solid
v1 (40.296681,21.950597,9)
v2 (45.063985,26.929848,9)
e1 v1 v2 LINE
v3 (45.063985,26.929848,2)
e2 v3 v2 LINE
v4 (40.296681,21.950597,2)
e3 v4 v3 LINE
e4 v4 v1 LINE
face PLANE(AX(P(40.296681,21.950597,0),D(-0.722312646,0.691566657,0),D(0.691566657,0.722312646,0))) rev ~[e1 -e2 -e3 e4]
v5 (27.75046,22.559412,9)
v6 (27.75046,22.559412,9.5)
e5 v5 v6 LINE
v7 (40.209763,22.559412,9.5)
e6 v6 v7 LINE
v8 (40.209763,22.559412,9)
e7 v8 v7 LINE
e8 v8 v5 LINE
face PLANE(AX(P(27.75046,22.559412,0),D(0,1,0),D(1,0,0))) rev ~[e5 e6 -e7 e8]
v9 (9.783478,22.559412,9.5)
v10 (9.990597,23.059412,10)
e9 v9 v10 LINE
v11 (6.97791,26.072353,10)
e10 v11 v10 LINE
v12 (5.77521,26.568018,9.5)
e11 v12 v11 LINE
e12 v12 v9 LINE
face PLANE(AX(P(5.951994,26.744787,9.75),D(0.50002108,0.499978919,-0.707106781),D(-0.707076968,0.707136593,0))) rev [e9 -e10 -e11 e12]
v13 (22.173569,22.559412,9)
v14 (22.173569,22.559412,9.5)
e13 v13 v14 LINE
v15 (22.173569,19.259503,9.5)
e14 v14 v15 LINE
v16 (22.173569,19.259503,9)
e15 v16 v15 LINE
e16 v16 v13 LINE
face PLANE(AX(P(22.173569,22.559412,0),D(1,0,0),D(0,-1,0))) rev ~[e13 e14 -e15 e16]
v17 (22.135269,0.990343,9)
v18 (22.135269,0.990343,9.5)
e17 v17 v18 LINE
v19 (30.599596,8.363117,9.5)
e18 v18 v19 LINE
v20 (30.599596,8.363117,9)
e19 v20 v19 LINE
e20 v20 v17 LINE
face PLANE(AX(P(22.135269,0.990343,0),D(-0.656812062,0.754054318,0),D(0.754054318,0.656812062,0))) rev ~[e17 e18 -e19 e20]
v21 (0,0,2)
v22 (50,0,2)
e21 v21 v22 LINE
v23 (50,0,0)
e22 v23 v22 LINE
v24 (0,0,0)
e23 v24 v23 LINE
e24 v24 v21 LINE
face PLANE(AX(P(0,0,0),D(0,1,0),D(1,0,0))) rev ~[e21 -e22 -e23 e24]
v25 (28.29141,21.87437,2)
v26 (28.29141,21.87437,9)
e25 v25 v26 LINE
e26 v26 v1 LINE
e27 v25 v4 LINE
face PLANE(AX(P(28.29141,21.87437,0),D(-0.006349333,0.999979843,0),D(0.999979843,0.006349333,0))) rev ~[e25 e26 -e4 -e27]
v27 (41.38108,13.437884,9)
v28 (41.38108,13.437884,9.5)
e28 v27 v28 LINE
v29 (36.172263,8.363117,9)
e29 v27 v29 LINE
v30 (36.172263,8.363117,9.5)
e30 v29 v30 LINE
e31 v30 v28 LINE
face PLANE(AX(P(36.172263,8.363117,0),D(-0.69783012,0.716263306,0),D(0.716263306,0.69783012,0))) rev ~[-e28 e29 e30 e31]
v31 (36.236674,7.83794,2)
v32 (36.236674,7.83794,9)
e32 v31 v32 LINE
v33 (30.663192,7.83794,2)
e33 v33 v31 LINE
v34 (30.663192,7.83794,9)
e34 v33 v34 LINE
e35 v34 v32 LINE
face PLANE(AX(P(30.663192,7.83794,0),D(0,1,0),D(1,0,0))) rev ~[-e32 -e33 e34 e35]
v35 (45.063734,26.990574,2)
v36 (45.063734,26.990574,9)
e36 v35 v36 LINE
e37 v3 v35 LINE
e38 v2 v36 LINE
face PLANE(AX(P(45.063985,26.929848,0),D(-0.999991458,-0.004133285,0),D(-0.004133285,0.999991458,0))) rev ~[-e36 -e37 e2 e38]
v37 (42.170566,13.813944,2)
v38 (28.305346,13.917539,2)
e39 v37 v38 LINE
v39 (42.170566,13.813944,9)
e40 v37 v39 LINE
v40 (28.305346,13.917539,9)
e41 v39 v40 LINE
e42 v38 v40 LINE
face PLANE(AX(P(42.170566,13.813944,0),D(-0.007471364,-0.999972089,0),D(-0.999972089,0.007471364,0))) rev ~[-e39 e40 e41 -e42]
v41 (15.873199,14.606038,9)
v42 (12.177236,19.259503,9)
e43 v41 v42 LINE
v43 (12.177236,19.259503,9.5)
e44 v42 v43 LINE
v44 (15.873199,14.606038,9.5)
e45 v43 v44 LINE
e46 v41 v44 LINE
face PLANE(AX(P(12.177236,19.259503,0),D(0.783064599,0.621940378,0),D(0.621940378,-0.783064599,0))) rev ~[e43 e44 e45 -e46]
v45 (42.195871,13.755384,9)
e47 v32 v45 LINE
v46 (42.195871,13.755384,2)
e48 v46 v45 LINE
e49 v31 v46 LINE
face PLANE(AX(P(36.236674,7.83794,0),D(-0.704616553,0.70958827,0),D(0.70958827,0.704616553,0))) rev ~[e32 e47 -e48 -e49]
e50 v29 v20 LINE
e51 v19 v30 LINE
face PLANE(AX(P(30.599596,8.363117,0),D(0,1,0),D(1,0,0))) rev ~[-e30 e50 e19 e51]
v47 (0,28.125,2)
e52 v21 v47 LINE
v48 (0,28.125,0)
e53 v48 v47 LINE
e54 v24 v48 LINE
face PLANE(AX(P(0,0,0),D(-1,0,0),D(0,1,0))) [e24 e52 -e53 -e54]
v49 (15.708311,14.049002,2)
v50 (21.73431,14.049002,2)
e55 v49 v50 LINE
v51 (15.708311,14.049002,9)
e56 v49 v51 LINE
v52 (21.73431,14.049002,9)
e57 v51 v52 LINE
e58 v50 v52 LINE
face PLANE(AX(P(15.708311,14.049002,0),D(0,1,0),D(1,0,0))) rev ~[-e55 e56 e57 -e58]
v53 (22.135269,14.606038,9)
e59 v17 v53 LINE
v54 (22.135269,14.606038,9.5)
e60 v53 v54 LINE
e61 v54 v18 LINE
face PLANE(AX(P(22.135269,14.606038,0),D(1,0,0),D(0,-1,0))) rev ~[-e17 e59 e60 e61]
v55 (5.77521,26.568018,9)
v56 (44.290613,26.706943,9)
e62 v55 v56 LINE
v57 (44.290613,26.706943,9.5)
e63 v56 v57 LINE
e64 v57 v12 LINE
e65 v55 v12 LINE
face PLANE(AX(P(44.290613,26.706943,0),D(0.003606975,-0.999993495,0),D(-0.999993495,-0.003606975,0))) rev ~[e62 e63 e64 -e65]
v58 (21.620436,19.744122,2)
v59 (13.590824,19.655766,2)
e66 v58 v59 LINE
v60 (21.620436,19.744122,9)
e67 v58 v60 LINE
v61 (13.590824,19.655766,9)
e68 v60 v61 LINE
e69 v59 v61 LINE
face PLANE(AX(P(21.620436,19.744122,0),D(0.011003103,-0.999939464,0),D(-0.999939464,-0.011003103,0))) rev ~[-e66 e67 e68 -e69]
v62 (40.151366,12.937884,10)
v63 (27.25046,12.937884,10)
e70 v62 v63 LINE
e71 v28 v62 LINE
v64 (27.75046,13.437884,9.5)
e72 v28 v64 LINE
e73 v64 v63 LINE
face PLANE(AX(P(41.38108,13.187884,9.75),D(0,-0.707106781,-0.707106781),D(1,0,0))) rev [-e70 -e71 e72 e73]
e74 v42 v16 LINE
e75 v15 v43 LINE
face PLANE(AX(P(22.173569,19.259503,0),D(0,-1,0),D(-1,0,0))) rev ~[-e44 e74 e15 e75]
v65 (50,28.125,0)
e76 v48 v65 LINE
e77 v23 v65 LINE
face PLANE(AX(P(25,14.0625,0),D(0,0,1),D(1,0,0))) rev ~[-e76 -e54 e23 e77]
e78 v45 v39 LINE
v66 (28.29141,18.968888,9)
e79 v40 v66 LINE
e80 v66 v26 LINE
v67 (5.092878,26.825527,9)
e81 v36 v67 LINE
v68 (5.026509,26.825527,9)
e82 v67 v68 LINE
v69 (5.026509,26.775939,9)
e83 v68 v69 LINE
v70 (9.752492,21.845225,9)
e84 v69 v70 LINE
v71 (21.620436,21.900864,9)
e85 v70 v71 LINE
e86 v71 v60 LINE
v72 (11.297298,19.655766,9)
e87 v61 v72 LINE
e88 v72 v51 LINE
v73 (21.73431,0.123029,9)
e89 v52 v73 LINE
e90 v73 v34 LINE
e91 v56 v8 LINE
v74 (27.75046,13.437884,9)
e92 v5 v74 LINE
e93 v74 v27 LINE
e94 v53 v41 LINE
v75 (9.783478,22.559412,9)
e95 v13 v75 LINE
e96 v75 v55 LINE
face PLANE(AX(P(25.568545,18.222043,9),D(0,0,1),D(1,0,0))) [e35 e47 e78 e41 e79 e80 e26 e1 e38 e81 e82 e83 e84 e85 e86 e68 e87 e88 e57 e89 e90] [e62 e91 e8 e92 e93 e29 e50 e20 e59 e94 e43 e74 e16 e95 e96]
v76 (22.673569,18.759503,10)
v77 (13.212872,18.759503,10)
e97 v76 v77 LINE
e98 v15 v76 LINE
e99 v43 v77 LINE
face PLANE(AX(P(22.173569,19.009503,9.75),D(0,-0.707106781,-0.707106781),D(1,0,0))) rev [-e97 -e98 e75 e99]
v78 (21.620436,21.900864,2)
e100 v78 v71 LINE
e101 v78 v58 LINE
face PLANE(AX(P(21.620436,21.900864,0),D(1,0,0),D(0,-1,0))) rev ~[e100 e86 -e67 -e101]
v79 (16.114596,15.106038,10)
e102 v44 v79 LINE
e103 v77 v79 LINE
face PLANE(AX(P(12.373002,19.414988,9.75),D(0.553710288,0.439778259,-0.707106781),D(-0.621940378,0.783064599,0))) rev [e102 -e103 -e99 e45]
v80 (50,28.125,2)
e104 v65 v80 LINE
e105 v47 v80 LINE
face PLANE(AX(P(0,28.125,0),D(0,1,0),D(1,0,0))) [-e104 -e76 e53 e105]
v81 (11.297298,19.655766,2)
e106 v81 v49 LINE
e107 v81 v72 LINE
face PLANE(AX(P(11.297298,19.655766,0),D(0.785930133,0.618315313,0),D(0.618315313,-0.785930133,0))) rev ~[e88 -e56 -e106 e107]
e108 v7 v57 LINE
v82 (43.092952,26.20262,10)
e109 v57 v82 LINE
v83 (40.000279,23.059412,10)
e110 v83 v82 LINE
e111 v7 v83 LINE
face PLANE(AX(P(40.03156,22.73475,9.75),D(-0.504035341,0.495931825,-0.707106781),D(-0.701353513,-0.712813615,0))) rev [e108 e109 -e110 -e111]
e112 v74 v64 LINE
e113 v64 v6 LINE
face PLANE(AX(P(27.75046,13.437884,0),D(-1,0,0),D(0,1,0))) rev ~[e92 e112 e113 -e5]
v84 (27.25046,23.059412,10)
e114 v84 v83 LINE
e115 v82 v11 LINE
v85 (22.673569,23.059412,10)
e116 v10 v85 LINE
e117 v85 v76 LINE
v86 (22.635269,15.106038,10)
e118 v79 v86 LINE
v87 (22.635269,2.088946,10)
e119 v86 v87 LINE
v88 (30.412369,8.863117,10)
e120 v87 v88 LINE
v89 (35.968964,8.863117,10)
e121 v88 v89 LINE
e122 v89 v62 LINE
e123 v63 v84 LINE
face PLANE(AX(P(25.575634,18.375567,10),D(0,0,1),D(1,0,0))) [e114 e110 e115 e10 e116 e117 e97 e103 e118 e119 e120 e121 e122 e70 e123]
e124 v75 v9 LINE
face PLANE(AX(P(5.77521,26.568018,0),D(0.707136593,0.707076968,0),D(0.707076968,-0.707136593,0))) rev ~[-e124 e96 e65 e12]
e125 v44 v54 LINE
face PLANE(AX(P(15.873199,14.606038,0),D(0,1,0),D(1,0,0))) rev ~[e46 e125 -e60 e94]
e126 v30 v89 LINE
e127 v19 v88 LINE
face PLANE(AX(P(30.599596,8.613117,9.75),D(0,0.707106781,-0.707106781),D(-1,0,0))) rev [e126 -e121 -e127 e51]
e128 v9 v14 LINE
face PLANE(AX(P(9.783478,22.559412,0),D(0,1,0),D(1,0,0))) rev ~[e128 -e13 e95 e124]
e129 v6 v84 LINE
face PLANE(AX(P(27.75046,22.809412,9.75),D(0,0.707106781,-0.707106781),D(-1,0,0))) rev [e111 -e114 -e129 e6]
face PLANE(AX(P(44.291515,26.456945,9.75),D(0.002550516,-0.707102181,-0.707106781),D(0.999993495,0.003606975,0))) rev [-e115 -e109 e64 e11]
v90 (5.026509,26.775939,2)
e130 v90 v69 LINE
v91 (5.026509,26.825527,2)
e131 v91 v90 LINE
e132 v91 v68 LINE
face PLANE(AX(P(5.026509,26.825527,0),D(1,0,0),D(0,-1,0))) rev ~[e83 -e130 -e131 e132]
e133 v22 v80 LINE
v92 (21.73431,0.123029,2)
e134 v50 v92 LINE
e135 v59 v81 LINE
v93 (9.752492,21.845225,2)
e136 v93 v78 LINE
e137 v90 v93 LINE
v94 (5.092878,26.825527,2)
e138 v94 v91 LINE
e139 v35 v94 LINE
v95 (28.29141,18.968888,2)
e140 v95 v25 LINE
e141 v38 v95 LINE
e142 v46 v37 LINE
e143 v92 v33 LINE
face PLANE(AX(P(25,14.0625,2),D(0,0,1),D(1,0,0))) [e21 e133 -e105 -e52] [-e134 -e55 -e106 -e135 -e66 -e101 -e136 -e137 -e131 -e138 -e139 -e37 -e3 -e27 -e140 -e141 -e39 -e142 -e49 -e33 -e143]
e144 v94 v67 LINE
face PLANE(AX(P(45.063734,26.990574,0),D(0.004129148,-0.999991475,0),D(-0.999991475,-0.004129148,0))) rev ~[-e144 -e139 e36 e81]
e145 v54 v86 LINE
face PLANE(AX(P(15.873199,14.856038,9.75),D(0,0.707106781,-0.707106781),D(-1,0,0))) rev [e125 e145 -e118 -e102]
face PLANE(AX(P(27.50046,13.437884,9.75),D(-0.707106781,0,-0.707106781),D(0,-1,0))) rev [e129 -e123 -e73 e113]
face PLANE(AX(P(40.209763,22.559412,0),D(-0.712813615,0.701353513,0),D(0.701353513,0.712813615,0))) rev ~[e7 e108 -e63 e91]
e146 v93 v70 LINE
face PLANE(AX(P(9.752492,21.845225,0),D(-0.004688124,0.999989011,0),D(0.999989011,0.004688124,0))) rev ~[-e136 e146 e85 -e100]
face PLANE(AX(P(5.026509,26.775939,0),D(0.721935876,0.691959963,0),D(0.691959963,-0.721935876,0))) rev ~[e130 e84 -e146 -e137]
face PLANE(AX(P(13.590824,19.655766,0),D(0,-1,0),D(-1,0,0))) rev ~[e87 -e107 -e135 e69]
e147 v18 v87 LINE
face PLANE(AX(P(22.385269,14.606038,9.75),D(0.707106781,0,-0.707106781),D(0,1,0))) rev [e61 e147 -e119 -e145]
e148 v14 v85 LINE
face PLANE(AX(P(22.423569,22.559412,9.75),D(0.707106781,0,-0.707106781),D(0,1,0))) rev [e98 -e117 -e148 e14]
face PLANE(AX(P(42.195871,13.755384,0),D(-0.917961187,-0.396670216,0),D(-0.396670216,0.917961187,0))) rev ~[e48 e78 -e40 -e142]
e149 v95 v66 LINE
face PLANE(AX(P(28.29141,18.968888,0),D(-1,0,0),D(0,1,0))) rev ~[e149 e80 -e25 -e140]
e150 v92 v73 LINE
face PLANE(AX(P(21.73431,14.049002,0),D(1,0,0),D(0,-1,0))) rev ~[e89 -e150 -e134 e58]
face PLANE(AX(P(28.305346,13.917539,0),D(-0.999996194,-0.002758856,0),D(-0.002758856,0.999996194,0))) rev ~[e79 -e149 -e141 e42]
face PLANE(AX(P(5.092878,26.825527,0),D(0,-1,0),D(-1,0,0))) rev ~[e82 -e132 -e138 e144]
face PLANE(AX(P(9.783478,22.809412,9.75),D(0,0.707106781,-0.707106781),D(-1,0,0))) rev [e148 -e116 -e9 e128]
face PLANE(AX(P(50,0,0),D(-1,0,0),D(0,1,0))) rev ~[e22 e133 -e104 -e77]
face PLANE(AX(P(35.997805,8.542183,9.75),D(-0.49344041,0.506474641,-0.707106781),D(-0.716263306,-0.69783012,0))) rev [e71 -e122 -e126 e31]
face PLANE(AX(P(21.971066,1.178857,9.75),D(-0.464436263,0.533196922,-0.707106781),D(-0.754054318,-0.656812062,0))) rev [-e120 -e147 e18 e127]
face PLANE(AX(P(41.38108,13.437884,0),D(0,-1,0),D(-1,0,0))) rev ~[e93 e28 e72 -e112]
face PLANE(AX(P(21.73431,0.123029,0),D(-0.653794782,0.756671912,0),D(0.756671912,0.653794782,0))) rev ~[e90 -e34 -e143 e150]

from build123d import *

# Parameters (mm, degrees)
F1_DEPTH = 9
F3_DEPTH = 10
F4_SIZE  = 0.5
F5_W     = 50
F5_H     = 28.125
F6_DEPTH = 2


with BuildPart() as f1:
    # F0 (on Top) → F1 (new body)
    with BuildSketch(Plane.XY):
        Polygon((45.063734, 26.990574), (5.092878, 26.825527), (5.026509, 26.825527), (5.026509, 26.775939), (9.752492, 21.845225), (21.620436, 21.900864), (21.620436, 19.744122), (13.590824, 19.655766), (11.297298, 19.655766), (15.708311, 14.049002), (21.73431, 14.049002), (21.73431, 13.644104), (21.73431, 0.123029), (30.663192, 7.83794), (36.236674, 7.83794), (42.195871, 13.755384), (42.170566, 13.813944), (28.305346, 13.917539), (28.29141, 18.968888), (28.29141, 21.87437), (40.296681, 21.950597), (45.063985, 26.929848), align=None)
    extrude(amount=F1_DEPTH)

    # F2 (on Top) → F3 (join)
    with BuildSketch(Plane.XY):
        Polygon((44.290613, 26.706943), (5.77521, 26.568018), (9.783478, 22.559412), (22.173569, 22.559412), (22.173569, 19.259503), (12.177236, 19.259503), (15.873199, 14.606038), (22.135269, 14.606038), (22.135269, 0.990343), (30.599596, 8.363117), (36.172263, 8.363117), (41.38108, 13.437884), (27.75046, 13.437884), (27.75046, 22.559412), (40.209763, 22.559412), align=None)
    extrude(amount=F3_DEPTH)

    # F4
    f4_edges = [f1.edges().sort_by_distance(p)[0] for p in [
        (22.135269, 7.798191, 10),
        (26.367432, 4.67673, 10),
        (33.38593, 8.363117, 10),
        (38.776672, 10.900501, 10),
        (34.56577, 13.437884, 10),
        (27.75046, 17.998648, 10),
        (33.980112, 22.559412, 10),
        (42.250188, 24.633178, 10),
        (25.032912, 26.637481, 10),
        (7.779344, 24.563715, 10),
        (15.978524, 22.559412, 10),
        (22.173569, 20.909457, 10),
        (17.175402, 19.259503, 10),
        (14.025218, 16.932771, 10),
        (19.004234, 14.606038, 10),
    ]]
    chamfer(f4_edges, length=F4_SIZE)

    # F5 (on Top) → F6 (join)
    with BuildSketch(Plane.XY):
        with Locations((25, 14.0625)):
            Rectangle(F5_W, F5_H)
    extrude(amount=F6_DEPTH)


solid = f1.part
